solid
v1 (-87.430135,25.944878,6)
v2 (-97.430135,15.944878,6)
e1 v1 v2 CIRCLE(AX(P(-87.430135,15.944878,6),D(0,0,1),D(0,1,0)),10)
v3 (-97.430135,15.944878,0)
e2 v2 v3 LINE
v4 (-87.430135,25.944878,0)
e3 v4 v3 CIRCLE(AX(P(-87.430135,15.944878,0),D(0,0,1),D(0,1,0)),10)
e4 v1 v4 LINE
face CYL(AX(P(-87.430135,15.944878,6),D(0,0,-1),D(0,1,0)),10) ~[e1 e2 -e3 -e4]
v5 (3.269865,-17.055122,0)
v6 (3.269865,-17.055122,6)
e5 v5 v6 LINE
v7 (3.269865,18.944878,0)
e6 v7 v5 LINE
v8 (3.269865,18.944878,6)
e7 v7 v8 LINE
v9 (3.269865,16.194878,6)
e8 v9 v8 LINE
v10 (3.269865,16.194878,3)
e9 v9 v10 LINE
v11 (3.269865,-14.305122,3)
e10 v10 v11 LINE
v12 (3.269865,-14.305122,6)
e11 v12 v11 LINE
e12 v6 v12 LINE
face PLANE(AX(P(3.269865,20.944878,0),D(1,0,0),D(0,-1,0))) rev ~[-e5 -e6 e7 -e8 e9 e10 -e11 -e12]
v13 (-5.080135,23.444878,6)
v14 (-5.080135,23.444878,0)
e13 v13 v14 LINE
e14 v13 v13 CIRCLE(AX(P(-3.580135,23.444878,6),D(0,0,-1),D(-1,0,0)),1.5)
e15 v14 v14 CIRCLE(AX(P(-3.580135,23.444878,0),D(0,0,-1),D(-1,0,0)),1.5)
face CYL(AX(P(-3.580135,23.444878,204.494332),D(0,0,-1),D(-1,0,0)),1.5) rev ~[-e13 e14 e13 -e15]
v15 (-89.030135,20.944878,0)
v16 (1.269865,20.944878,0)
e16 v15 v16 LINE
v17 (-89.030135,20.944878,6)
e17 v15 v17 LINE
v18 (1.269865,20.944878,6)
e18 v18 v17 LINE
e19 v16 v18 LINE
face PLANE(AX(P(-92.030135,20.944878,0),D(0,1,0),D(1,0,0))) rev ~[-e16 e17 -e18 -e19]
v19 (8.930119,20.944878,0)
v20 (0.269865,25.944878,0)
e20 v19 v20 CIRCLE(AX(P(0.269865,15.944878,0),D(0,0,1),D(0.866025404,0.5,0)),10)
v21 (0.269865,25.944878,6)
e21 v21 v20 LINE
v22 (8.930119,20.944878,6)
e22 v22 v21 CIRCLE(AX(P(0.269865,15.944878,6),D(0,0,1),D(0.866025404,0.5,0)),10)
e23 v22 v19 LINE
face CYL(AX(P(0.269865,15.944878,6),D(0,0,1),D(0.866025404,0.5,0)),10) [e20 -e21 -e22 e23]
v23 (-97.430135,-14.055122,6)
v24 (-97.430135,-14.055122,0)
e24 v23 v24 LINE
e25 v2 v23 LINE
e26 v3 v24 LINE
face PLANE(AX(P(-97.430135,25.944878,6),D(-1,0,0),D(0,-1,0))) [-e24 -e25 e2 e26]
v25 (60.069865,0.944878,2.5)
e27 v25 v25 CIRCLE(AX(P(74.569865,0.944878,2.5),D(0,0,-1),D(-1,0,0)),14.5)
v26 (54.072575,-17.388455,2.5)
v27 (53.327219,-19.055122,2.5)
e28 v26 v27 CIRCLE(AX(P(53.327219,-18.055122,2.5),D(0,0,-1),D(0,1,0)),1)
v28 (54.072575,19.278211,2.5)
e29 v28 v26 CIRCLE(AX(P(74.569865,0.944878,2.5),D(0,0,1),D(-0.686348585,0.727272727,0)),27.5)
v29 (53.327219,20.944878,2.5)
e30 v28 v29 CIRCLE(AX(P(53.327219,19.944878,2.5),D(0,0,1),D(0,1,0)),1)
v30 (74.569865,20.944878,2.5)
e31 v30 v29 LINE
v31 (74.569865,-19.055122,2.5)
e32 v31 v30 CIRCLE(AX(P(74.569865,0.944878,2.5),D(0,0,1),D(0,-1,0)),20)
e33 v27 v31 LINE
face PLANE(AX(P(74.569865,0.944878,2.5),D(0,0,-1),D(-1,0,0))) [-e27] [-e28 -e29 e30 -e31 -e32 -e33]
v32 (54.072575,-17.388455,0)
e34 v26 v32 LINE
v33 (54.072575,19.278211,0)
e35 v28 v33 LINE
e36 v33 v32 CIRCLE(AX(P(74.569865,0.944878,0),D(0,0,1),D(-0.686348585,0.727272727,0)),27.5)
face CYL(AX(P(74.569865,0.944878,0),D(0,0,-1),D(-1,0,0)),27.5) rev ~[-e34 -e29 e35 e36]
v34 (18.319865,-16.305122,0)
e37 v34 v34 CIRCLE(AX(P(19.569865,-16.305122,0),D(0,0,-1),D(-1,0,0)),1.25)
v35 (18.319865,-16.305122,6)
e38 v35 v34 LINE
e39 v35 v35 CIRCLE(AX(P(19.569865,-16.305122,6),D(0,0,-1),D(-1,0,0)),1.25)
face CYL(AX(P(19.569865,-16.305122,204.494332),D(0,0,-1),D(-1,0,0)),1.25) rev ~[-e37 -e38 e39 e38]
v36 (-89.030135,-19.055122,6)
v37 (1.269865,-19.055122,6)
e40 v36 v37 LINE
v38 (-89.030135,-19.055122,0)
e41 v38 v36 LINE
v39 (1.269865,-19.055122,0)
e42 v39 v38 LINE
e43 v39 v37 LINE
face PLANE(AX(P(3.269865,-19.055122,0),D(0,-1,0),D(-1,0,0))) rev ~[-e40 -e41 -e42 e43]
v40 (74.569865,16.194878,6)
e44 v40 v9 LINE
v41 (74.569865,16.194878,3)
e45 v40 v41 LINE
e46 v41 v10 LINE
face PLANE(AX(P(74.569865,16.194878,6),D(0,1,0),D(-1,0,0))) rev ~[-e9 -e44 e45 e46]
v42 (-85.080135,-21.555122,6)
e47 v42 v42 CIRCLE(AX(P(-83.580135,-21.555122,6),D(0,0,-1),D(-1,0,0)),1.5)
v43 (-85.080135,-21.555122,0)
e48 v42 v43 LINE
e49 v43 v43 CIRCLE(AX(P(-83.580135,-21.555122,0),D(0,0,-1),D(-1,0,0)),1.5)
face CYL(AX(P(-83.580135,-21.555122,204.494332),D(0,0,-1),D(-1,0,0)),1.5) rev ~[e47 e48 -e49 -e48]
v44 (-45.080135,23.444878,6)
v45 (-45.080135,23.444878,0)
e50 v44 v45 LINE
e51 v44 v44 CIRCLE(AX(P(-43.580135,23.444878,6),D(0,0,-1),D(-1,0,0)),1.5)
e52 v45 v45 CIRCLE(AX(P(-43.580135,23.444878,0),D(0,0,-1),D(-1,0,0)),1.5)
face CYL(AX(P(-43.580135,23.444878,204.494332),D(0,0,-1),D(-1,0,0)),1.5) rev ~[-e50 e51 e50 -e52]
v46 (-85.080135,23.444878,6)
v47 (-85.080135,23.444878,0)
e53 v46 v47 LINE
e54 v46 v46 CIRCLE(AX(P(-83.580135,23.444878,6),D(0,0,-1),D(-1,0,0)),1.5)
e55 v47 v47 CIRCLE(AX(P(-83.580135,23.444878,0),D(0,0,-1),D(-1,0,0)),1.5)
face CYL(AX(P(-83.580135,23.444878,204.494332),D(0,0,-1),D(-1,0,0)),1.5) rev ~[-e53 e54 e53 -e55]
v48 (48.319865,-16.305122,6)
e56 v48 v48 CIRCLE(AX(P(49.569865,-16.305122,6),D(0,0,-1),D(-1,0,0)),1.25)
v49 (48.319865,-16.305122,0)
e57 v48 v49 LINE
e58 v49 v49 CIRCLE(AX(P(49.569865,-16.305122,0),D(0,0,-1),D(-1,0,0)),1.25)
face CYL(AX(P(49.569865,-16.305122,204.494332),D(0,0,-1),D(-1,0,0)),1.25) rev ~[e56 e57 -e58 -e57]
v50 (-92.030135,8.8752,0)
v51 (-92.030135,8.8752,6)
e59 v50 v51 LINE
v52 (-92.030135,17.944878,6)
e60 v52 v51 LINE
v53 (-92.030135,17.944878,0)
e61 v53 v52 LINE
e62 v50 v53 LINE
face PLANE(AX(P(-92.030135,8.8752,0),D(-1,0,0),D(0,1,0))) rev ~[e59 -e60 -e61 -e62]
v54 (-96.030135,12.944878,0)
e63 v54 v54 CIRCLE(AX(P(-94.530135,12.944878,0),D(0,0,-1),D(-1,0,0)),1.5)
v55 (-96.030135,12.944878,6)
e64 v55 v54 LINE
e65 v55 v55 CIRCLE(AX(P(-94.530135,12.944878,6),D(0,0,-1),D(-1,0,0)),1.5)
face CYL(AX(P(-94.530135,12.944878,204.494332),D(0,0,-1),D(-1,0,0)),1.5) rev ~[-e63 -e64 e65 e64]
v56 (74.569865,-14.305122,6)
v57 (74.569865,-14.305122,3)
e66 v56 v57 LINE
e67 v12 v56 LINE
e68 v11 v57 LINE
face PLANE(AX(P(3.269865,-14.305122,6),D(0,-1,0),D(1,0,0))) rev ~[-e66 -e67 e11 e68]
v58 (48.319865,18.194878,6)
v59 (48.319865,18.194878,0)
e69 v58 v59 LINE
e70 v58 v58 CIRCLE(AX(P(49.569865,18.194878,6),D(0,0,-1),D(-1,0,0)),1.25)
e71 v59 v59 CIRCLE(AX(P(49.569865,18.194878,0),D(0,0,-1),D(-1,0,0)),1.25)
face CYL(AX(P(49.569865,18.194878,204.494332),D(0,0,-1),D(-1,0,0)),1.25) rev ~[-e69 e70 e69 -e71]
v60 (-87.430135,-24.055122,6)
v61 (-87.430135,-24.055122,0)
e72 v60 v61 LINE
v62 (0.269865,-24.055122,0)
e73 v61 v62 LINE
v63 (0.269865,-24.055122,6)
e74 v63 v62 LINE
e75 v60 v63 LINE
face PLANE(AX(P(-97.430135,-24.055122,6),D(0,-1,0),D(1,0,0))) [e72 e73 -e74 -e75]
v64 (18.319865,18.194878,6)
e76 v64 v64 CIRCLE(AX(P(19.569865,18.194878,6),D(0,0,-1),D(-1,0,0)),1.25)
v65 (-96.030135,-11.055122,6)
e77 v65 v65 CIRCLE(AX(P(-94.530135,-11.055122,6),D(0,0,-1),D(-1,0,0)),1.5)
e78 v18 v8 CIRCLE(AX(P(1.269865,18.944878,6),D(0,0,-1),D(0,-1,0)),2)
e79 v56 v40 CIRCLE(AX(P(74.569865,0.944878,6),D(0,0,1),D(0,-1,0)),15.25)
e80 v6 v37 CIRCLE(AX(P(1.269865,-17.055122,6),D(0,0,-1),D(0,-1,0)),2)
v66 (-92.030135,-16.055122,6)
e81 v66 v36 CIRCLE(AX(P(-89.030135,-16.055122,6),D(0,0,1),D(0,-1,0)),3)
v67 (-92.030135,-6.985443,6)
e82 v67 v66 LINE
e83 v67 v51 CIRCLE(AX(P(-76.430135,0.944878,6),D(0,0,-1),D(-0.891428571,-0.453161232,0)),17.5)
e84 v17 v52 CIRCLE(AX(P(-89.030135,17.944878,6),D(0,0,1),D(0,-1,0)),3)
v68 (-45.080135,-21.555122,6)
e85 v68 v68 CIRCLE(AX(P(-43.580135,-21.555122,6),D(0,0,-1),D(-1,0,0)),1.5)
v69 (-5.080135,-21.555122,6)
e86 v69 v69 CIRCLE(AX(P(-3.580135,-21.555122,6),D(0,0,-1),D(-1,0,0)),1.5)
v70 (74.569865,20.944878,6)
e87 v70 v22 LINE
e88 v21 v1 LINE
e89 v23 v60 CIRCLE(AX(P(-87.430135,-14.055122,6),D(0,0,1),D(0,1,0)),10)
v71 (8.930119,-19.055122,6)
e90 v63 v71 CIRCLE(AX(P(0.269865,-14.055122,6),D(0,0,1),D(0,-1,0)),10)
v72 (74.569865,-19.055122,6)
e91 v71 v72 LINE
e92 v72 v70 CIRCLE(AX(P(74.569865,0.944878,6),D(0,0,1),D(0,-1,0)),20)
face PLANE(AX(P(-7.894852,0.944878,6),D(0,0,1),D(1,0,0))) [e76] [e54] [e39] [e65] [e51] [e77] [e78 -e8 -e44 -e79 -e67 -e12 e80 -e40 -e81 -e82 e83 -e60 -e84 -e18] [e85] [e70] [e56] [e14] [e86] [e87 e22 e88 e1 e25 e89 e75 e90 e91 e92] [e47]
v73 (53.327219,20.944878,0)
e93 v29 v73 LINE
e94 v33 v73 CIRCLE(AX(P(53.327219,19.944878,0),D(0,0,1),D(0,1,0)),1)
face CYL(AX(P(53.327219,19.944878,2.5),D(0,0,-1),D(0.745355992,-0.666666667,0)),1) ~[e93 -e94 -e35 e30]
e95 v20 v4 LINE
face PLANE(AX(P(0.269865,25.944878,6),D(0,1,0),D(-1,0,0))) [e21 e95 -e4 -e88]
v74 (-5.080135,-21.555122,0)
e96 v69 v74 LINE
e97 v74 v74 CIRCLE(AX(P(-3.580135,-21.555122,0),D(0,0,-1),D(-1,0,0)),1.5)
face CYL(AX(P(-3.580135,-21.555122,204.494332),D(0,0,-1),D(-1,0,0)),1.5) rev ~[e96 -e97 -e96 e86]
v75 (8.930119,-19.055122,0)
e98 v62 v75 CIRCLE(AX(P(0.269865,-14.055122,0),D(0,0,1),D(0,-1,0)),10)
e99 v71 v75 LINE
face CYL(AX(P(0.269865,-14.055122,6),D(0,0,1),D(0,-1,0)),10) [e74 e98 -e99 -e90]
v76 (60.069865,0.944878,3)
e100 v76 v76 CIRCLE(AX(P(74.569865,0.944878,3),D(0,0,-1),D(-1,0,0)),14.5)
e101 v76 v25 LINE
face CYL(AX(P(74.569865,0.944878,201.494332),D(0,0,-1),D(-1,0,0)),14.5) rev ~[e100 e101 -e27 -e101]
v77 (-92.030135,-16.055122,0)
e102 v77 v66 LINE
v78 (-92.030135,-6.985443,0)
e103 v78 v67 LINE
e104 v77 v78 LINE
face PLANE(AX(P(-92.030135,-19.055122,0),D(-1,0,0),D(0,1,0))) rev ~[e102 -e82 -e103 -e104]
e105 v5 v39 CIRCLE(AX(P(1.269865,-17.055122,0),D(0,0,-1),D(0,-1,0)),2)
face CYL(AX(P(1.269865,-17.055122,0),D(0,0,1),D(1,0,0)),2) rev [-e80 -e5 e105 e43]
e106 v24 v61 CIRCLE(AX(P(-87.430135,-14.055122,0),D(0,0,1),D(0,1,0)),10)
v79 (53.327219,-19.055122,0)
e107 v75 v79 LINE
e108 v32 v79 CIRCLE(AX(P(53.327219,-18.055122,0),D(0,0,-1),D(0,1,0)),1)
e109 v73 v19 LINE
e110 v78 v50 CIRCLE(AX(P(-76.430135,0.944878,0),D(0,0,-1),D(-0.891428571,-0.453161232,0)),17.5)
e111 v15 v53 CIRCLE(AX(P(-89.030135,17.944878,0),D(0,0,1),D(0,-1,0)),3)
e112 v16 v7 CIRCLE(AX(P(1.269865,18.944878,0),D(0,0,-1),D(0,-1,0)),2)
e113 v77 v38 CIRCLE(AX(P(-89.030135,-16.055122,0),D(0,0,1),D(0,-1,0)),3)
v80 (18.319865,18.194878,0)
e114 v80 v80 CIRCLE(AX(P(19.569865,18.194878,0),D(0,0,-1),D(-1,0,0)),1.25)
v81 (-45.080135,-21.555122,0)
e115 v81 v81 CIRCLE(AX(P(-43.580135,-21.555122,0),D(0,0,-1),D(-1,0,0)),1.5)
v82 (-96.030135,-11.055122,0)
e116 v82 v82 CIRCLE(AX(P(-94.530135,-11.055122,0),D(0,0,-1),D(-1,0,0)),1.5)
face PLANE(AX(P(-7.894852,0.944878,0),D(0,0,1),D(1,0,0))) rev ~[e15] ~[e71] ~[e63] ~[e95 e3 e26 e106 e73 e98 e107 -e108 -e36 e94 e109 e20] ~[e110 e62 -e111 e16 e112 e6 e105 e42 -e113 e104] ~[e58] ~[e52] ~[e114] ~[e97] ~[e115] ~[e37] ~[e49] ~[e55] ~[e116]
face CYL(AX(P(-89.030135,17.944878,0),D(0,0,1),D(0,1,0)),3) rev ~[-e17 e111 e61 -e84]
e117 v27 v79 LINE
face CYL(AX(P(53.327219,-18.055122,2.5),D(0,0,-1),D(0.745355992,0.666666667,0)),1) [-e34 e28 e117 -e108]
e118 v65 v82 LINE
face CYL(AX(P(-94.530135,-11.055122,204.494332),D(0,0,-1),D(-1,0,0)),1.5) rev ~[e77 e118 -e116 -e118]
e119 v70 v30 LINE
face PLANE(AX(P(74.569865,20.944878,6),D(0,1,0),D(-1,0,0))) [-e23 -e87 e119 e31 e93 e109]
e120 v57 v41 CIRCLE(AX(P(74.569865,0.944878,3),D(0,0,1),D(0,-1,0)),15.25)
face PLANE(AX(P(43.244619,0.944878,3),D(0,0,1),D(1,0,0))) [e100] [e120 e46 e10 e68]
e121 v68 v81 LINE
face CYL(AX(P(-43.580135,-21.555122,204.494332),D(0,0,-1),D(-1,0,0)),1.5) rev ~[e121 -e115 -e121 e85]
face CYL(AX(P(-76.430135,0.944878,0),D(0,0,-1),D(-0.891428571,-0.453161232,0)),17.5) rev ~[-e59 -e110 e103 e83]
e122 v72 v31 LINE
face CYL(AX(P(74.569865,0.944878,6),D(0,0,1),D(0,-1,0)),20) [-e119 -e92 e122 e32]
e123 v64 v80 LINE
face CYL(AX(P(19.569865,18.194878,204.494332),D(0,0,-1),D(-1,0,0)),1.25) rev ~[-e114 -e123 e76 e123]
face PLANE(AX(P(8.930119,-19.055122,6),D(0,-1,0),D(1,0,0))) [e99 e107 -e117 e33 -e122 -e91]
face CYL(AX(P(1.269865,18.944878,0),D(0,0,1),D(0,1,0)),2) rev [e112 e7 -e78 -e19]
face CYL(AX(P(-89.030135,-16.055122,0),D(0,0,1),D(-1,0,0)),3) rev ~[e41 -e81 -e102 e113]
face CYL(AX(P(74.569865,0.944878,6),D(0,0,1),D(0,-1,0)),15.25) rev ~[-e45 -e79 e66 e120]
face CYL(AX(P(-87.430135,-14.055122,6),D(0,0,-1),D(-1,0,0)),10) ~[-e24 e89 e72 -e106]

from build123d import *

# Parameters (mm, degrees)
BOSS_EXTRUDE1_DEPTH       = 6
CUT_EXTRUDE1_DEPTH        = 102.003801713
CUT_EXTRUDE2_DEPTH        = 3
F_2_CLEARANCE_HOLE1_D     = 2.5
F_1_1_8_CLEARANCE_HOLE1_D = 29
F_3_CLEARANCE_HOLE1_D     = 3
FILLET1_R                 = 2
FILLET2_R                 = 3
FILLET3_R                 = 10
SKETCH10_R                = 27.5
CUT_EXTRUDE3_DEPTH        = 2.5
FILLET4_R                 = 1


with BuildPart() as part:
    # Sketch1 → Boss-Extrude1 (new body)
    with BuildSketch(Plane.XY.offset(6)):
        with BuildLine():
            Line((74.569864729, 20.944878138), (8.930118766, 20.944878138))
            ThreePointArc((8.930118766, 20.944878138), (5.269864729, 24.605132176), (0.269864729, 25.944878138))
            Line((0.269864729, 25.944878138), (-97.430135271, 25.944878138))
            Line((-97.430135271, 25.944878138), (-97.430135271, -24.055121862))
            Line((-97.430135271, -24.055121862), (0.269864729, -24.055121862))
            ThreePointArc((0.269864729, -24.055121862), (5.269864729, -22.7153759), (8.930118767, -19.055121862))
            Line((8.930118767, -19.055121862), (74.569864729, -19.055121862))
            ThreePointArc((74.569864729, -19.055121862), (94.569864729, 0.944878138), (74.569864729, 20.944878138))
        make_face()
    extrude(amount=-BOSS_EXTRUDE1_DEPTH)

    # Sketch2 → Cut-Extrude1 (cut, through all)
    with BuildSketch(Plane(origin=(0, 0, 0), x_dir=(-1, 0, 0), z_dir=(0, 0, -1))):
        with BuildLine():
            Line((92.030135271, 20.944878138), (-3.269864729, 20.944878138))
            Line((-3.269864729, 20.944878138), (-3.269864729, -19.055121862))
            Line((-3.269864729, -19.055121862), (92.030135271, -19.055121862))
            Line((92.030135271, -19.055121862), (92.030135271, -6.985443419))
            ThreePointArc((92.030135271, -6.985443419), (93.930135271, 0.944878138), (92.030135271, 8.875199695))
            Line((92.030135271, 8.875199695), (92.030135271, 20.944878138))
        make_face()
    extrude(amount=-CUT_EXTRUDE1_DEPTH, mode=Mode.SUBTRACT)

    # Sketch3 → Cut-Extrude2 (cut)
    with BuildSketch(Plane.XY.offset(6)):
        with BuildLine():
            Line((74.569864729, 16.194878138), (3.269864729, 16.194878138))
            Line((3.269864729, 16.194878138), (3.269864729, -14.305121862))
            Line((3.269864729, -14.305121862), (74.569864729, -14.305121862))
            ThreePointArc((74.569864729, -14.305121862), (89.819864729, 0.944878138), (74.569864729, 16.194878138))
        make_face()
    extrude(amount=-CUT_EXTRUDE2_DEPTH, mode=Mode.SUBTRACT)

    # #2 Clearance Hole1 (through all)
    with Locations(Plane.XY.offset(6)):
        with Locations((49.569864729, 18.194878138), (19.569864729, -16.305121862), (19.569864729, 18.194878138), (49.569864729, -16.305121862)):
            Hole(F_2_CLEARANCE_HOLE1_D / 2)

    # 1-1/8 Clearance Hole1 (through all)
    with Locations(Plane.XY.offset(3)):
        with Locations((74.569864729, 0.944878138)):
            Hole(F_1_1_8_CLEARANCE_HOLE1_D / 2)

    # #3 Clearance Hole1 (through all)
    with Locations(Plane.XY.offset(6)):
        with Locations((-3.580135271, 23.444878138), (-43.580135271, 23.444878138), (-83.580135271, 23.444878138), (-94.530135271, 12.944878138), (-94.530135271, -11.055121862), (-43.580135271, -21.555121862), (-3.580135271, -21.555121862), (-83.580135271, -21.555121862)):
            Hole(F_3_CLEARANCE_HOLE1_D / 2)

    # Fillet1
    fillet1_edges = [part.edges().sort_by_distance(p)[0] for p in [
        (3.269864729, -19.055121862, 3),
        (3.269864729, 20.944878138, 3),
    ]]
    fillet(fillet1_edges, radius=FILLET1_R)

    # Fillet2
    fillet2_edges = [part.edges().sort_by_distance(p)[0] for p in [
        (-92.030135271, 20.944878138, 3),
        (-92.030135271, -19.055121862, 3),
    ]]
    fillet(fillet2_edges, radius=FILLET2_R)

    # Fillet3
    fillet3_edges = [part.edges().sort_by_distance(p)[0] for p in [
        (-97.430135271, -24.055121862, 3),
        (-97.430135271, 25.944878138, 3),
    ]]
    fillet(fillet3_edges, radius=FILLET3_R)

    # Sketch10 → Cut-Extrude3 (cut)
    with BuildSketch(Plane(origin=(0, 0, 0), x_dir=(-1, 0, 0), z_dir=(0, 0, -1))):
        with Locations((-74.569864729, 0.944878138)):
            Circle(SKETCH10_R)
    extrude(amount=-CUT_EXTRUDE3_DEPTH, mode=Mode.SUBTRACT)

    # Fillet4
    fillet4_edges = [part.edges().sort_by_distance(p)[0] for p in [
        (55.695278641, -19.055121862, 1.25),
        (55.695278641, 20.944878138, 1.25),
    ]]
    fillet(fillet4_edges, radius=FILLET4_R)


solid = part.part
